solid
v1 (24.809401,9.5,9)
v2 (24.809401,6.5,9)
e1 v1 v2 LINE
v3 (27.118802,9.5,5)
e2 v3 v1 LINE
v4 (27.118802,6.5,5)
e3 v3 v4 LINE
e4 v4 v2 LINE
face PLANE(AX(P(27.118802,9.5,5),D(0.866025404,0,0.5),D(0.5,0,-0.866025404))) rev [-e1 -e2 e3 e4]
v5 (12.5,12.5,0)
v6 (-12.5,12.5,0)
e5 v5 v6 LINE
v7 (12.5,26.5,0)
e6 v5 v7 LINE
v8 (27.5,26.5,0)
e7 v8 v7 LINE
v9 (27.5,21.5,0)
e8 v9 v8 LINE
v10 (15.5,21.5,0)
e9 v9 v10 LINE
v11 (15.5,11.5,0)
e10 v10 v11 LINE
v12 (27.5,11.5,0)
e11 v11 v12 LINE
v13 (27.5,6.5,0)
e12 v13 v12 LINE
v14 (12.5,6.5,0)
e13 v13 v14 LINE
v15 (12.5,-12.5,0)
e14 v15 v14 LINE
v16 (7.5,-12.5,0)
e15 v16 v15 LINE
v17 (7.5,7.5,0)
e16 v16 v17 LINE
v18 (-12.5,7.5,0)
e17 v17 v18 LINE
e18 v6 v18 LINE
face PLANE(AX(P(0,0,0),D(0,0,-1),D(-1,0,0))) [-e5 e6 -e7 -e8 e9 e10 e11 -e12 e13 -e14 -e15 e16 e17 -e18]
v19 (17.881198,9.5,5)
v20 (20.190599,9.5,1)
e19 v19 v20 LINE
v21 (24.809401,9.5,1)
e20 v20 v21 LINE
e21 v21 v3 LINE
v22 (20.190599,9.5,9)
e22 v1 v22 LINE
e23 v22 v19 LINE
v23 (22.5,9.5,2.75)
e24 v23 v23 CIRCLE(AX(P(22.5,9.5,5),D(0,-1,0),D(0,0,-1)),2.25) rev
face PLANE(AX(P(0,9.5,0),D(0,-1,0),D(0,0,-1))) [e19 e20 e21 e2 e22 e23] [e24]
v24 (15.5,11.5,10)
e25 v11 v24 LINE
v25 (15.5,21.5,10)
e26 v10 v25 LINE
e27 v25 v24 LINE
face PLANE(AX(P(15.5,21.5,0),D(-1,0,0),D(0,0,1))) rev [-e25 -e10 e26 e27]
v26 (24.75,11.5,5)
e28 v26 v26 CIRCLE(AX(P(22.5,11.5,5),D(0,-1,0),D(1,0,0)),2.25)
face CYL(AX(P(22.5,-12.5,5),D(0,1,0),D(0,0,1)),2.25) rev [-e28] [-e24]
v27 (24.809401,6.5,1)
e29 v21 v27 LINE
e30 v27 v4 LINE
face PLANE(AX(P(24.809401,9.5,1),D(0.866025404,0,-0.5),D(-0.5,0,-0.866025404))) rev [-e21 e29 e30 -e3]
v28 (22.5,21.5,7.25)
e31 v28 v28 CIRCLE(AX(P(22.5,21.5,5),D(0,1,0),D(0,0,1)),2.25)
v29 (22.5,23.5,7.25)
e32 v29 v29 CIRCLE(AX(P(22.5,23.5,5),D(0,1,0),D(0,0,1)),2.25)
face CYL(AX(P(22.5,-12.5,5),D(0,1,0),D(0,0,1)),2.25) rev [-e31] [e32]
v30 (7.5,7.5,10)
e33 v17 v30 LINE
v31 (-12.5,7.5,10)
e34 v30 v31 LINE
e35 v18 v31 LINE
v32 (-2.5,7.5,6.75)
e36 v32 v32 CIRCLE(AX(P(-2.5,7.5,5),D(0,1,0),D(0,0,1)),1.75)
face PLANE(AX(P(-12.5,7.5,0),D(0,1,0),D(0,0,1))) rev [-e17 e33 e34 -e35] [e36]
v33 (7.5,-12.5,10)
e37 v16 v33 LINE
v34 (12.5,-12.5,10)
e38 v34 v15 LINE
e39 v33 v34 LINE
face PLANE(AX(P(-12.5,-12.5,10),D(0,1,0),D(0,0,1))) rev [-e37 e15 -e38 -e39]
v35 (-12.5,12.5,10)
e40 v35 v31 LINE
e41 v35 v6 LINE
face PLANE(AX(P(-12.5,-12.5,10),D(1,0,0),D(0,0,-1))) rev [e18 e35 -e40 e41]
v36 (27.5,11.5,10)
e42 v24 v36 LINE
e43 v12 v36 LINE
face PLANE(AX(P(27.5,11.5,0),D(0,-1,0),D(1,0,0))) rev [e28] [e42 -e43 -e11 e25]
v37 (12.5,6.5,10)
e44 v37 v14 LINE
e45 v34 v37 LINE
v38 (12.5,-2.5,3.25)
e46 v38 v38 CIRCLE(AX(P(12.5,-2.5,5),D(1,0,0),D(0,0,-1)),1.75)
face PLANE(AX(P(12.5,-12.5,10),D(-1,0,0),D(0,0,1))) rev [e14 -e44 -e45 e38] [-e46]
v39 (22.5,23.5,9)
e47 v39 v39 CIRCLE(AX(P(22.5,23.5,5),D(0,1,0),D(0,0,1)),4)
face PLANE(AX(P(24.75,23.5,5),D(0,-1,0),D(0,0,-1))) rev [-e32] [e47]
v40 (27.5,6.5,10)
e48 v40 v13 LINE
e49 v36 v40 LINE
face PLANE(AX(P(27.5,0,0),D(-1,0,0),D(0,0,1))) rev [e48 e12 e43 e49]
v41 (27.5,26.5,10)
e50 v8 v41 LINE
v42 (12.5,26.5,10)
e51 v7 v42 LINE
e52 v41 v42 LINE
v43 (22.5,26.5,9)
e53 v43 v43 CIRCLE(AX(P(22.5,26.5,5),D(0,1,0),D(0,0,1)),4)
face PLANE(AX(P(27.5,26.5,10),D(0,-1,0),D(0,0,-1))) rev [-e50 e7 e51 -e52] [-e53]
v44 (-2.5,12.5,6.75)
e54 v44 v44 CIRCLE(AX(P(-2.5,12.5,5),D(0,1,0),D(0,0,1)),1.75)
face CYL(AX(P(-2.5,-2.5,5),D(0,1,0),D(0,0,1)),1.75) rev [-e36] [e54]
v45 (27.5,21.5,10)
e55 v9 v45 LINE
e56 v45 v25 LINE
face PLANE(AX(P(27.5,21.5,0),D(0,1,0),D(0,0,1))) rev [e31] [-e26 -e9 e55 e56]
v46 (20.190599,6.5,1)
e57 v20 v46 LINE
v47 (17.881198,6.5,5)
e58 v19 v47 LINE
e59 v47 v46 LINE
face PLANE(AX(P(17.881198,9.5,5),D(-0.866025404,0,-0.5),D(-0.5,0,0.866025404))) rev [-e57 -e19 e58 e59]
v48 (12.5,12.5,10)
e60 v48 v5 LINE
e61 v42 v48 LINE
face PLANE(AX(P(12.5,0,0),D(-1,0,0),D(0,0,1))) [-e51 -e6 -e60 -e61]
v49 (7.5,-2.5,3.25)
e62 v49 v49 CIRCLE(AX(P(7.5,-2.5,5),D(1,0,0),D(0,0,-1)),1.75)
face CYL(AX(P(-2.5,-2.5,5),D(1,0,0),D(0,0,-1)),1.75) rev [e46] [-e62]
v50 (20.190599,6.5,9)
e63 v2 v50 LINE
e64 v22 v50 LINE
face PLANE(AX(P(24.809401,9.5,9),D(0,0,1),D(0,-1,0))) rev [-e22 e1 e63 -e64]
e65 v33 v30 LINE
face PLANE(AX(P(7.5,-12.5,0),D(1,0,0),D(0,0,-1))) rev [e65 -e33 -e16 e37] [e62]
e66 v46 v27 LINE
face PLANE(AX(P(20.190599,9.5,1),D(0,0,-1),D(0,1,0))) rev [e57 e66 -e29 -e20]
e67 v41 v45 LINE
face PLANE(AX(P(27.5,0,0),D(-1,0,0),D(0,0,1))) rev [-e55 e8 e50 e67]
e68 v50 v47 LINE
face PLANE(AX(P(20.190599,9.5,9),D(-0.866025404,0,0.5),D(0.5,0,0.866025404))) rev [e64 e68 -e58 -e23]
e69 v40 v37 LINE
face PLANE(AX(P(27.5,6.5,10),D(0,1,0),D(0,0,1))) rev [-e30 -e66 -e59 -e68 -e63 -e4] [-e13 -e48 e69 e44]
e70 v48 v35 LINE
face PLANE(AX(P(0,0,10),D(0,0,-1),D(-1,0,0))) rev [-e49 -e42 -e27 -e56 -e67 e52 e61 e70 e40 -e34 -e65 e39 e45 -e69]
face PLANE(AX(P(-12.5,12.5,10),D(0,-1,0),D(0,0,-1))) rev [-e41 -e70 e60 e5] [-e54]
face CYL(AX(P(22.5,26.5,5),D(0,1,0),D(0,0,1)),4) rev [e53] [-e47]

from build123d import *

# Parameters (mm, degrees)
SKETCH2_W                                           = 25
SKETCH2_H                                           = 25
BOSS_EXTRUDE1_DEPTH                                 = 10
SKETCH3_W                                           = 20
SKETCH3_H                                           = 20
CUT_EXTRUDE1_DEPTH                                  = 21.310096012
SKETCH5_W                                           = 10
SKETCH5_H                                           = 20
BOSS_EXTRUDE2_DEPTH                                 = 15
SKETCH7_W                                           = 12
SKETCH7_H                                           = 10
CUT_EXTRUDE2_DEPTH                                  = 40.477841886
SKETCH8_R                                           = 2.25
CUT_EXTRUDE3_DEPTH                                  = 49.757050772
SKETCH9_R                                           = 1.75
CUT_EXTRUDE4_DEPTH                                  = 15
SKETCH10_R                                          = 1.75
CUT_EXTRUDE5_DEPTH                                  = 15
CBORE_FOR_M4_HEX_SOCKET_HEAD_CAP_SCREW1_D           = 4.5
CBORE_FOR_M4_HEX_SOCKET_HEAD_CAP_SCREW1_CBORE_D     = 8
CBORE_FOR_M4_HEX_SOCKET_HEAD_CAP_SCREW1_CBORE_DEPTH = 3
CUT_EXTRUDE6_DEPTH                                  = 3


with BuildPart() as part:
    # Sketch2 → Boss-Extrude1 (new body)
    with BuildSketch(Plane.XY):
        Rectangle(SKETCH2_W, SKETCH2_H)
    extrude(amount=BOSS_EXTRUDE1_DEPTH)

    # Sketch3 → Cut-Extrude1 (cut, through all)
    with BuildSketch(Plane.XY.offset(10)):
        with Locations((-2.5, -2.5)):
            Rectangle(SKETCH3_W, SKETCH3_H)
    extrude(amount=-CUT_EXTRUDE1_DEPTH, mode=Mode.SUBTRACT)

    # Sketch5 → Boss-Extrude2 (add)
    with BuildSketch(Plane(origin=(12.5, 0, 0), x_dir=(0, 0, -1), z_dir=(1, 0, 0))):
        with Locations((-5, 16.5)):
            Rectangle(SKETCH5_W, SKETCH5_H)
    extrude(amount=BOSS_EXTRUDE2_DEPTH)

    # Sketch7 → Cut-Extrude2 (cut, through all)
    with BuildSketch(Plane.XY.offset(10)):
        with Locations((21.5, 16.5)):
            Rectangle(SKETCH7_W, SKETCH7_H)
    extrude(amount=-CUT_EXTRUDE2_DEPTH, mode=Mode.SUBTRACT)

    # Sketch8 → Cut-Extrude3 (cut, through all)
    with BuildSketch(Plane(origin=(0, 26.5, 0), x_dir=(1, 0, 0), z_dir=(0, 1, 0))):
        with Locations(Location((22.5, -5, 0), (0, 0, 270))):
            Circle(SKETCH8_R)
    extrude(amount=-CUT_EXTRUDE3_DEPTH, mode=Mode.SUBTRACT)

    # Sketch9 → Cut-Extrude4 (cut)
    with BuildSketch(Plane(origin=(0, 12.5, 0), x_dir=(1, 0, 0), z_dir=(0, 1, 0))):
        with Locations(Location((-2.5, -5, 0), (0, 0, 270))):
            Circle(SKETCH9_R)
    extrude(amount=-CUT_EXTRUDE4_DEPTH, mode=Mode.SUBTRACT)

    # Sketch10 → Cut-Extrude5 (cut)
    with BuildSketch(Plane(origin=(12.5, 0, 0), x_dir=(0, 0, -1), z_dir=(1, 0, 0))):
        with Locations((-5, -2.5)):
            Circle(SKETCH10_R)
    extrude(amount=-CUT_EXTRUDE5_DEPTH, mode=Mode.SUBTRACT)

    # CBORE for M4 Hex Socket Head Cap Screw1 (through all)
    with Locations(Plane(origin=(0, 26.5, 0), x_dir=(1, 0, 0), z_dir=(0, 1, 0))):
        with Locations((22.5, -5)):
            CounterBoreHole(CBORE_FOR_M4_HEX_SOCKET_HEAD_CAP_SCREW1_D / 2, CBORE_FOR_M4_HEX_SOCKET_HEAD_CAP_SCREW1_CBORE_D / 2, CBORE_FOR_M4_HEX_SOCKET_HEAD_CAP_SCREW1_CBORE_DEPTH)

    # Sketch13 → Cut-Extrude6 (cut)
    with BuildSketch(Plane.XZ.offset(-6.5)):
        Polygon((17.881197846, 5), (20.190598923, 1), (24.809401077, 1), (27.118802154, 5), (24.809401077, 9), (20.190598923, 9), align=None)
    extrude(amount=-CUT_EXTRUDE6_DEPTH, mode=Mode.SUBTRACT)


solid = part.part
